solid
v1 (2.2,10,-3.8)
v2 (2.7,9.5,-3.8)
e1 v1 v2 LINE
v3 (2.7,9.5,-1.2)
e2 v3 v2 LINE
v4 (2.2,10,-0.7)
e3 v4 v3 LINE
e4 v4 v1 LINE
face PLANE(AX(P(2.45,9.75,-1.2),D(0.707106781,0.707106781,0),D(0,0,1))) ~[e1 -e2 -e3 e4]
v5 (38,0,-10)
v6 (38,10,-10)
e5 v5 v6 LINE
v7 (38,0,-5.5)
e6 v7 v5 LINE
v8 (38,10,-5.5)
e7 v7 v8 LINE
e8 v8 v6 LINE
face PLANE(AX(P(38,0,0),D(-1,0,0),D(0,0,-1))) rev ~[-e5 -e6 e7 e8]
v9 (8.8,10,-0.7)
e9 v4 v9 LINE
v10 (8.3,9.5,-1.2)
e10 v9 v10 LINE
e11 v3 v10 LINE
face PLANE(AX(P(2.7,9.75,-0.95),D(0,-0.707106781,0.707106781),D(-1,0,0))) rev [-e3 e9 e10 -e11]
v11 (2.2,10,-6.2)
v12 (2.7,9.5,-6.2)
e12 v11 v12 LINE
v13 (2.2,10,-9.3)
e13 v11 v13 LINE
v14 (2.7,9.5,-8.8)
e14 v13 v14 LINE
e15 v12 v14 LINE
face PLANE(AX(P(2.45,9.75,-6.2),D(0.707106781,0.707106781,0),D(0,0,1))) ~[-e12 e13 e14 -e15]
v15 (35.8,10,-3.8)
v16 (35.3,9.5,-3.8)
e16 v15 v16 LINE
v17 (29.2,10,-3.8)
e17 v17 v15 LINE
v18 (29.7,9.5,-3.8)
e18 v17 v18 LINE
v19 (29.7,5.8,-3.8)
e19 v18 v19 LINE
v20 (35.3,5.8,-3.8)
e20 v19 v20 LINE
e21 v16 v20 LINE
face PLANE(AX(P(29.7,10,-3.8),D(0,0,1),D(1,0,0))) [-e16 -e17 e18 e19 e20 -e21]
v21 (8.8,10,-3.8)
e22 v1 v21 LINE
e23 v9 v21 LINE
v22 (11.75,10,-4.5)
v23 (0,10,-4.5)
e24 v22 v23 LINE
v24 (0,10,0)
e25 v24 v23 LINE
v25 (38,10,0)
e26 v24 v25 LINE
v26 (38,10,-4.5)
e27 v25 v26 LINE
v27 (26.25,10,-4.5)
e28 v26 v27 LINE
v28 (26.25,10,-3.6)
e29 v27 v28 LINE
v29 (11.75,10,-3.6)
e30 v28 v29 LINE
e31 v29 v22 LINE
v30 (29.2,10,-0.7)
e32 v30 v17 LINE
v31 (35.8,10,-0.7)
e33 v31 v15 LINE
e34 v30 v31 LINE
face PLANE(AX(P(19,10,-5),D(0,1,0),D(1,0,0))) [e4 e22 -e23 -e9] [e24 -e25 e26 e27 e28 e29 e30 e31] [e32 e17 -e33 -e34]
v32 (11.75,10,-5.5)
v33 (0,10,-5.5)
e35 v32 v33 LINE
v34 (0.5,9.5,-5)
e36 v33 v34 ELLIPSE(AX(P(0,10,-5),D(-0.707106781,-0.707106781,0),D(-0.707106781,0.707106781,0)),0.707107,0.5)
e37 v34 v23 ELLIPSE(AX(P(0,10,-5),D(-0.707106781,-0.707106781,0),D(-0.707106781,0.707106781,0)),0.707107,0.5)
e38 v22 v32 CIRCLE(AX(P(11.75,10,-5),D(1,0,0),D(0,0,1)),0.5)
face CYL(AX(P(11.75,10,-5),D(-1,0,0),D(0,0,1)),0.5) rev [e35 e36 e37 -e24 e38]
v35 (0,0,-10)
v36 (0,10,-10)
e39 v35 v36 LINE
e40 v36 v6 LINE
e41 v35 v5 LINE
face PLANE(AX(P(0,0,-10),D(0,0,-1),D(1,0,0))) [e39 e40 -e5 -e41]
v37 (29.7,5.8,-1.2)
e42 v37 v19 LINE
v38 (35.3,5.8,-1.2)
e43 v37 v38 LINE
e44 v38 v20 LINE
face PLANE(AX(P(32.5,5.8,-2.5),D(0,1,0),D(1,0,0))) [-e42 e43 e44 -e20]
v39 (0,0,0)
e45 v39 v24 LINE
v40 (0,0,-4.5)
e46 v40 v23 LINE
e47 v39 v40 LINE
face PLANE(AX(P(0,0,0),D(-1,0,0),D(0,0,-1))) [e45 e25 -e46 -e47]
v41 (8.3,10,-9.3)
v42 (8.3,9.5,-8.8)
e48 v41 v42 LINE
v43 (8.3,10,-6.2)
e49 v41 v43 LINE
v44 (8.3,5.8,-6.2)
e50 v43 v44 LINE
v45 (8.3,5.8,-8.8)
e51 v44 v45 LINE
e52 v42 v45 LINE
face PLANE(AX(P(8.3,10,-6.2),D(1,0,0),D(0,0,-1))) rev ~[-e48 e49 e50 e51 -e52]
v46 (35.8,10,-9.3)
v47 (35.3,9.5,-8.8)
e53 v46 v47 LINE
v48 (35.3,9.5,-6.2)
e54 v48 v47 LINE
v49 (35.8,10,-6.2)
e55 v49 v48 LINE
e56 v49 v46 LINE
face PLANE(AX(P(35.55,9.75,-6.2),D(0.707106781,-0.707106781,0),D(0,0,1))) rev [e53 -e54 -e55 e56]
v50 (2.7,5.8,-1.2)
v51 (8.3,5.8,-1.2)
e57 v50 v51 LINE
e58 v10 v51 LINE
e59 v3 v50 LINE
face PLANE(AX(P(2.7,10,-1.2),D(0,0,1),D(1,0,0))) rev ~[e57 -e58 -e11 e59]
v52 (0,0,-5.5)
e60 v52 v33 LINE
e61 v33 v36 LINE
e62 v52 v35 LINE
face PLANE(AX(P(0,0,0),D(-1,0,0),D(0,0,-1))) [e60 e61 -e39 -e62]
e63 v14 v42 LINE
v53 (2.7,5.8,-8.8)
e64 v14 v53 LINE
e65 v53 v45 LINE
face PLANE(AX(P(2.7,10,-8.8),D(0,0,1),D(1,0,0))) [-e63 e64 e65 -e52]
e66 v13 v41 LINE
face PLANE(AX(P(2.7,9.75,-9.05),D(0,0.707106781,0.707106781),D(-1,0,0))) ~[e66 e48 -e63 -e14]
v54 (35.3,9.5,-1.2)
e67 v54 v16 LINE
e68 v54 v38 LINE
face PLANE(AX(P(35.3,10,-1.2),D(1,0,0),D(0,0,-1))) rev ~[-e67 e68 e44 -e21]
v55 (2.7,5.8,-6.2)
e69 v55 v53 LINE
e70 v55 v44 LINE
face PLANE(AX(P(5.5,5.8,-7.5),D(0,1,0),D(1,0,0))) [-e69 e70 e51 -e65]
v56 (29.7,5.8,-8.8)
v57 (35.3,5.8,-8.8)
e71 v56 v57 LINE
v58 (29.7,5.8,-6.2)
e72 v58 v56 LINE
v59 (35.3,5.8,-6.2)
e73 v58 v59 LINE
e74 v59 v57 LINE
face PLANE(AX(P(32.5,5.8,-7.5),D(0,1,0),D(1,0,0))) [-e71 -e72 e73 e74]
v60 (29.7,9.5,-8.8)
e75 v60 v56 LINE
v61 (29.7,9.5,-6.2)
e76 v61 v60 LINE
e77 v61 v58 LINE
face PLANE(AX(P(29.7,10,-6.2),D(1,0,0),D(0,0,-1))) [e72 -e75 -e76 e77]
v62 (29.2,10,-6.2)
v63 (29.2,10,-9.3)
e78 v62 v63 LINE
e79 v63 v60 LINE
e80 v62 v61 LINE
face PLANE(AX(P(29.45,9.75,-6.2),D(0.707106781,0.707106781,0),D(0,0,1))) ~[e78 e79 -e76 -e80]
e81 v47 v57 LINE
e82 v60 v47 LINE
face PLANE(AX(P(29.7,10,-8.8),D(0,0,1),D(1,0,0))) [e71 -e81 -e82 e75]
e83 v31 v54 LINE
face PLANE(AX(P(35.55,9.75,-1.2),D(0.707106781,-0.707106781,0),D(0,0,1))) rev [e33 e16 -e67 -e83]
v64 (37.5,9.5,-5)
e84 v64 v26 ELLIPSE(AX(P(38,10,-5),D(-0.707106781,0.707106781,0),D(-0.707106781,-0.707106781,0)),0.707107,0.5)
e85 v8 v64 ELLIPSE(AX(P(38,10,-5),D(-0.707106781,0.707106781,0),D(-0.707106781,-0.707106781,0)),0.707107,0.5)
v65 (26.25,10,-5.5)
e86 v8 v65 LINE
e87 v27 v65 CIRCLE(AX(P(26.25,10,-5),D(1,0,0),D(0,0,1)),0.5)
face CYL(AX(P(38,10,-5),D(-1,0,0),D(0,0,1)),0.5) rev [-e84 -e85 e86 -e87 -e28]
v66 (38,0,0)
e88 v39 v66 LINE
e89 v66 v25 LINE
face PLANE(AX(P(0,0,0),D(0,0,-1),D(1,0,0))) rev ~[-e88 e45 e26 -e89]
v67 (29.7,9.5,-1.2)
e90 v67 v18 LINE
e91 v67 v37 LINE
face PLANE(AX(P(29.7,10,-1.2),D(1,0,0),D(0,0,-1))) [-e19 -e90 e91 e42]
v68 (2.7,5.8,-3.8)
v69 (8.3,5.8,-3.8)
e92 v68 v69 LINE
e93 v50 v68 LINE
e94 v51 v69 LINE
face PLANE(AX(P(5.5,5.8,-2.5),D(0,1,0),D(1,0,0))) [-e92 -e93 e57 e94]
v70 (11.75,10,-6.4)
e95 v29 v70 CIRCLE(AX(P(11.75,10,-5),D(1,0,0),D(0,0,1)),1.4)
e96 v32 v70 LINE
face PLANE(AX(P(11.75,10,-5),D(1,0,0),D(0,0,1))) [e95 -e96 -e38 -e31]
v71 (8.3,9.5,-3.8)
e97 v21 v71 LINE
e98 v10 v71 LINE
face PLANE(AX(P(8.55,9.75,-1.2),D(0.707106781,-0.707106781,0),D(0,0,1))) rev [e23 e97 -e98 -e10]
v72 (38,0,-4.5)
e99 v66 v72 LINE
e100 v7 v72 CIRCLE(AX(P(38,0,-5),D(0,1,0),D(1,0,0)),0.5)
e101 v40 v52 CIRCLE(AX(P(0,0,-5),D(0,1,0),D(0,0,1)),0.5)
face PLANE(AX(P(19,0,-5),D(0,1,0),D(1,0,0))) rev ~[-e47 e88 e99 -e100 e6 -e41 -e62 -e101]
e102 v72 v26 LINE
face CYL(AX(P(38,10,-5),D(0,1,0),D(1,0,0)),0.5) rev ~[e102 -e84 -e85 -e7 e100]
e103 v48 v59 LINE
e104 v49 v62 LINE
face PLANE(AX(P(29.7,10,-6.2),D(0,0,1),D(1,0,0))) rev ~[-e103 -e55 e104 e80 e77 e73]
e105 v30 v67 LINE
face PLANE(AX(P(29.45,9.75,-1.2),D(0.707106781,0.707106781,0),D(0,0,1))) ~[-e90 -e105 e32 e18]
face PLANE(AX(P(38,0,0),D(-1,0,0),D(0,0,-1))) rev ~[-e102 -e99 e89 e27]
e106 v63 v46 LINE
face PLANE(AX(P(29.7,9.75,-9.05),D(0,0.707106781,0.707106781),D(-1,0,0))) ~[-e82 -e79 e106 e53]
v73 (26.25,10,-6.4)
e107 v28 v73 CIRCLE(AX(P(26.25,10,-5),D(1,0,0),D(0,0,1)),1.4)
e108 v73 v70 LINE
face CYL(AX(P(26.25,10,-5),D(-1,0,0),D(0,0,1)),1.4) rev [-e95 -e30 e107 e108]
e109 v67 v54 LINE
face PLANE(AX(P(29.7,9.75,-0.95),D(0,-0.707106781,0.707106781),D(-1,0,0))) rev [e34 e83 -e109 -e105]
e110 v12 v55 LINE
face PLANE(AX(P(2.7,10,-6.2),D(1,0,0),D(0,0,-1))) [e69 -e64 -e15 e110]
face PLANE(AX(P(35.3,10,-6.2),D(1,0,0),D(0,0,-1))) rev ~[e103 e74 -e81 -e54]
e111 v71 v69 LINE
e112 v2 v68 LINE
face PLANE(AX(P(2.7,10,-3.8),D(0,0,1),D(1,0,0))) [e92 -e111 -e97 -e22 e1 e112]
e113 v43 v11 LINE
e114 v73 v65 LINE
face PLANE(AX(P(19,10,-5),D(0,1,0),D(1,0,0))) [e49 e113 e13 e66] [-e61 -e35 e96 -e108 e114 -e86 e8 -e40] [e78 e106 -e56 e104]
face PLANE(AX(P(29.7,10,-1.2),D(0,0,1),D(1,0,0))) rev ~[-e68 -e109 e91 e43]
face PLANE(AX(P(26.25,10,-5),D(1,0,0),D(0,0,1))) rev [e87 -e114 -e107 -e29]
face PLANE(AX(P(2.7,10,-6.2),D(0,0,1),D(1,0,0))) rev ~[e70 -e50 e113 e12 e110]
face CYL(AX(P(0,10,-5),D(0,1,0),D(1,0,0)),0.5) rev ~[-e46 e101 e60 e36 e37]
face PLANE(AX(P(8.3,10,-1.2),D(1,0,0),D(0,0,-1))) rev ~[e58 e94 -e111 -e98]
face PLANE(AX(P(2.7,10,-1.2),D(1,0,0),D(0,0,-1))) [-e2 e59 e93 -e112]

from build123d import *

# Parameters (mm, degrees)
SKETCH1_W           = 38
SKETCH1_H           = 10
BOSS_EXTRUDE1_DEPTH = 10
SKETCH3_R           = 0.5
CUT_EXTRUDE1_DEPTH  = 41.546269865
SKETCH4_W           = 5.6
SKETCH4_H           = 2.6
CUT_EXTRUDE2_DEPTH  = 4.2
CHAMFER1_SIZE       = 0.5


with BuildPart() as part:
    # Sketch1 → Boss-Extrude1 (new body)
    with BuildSketch(Plane(origin=(0, 0, 0), x_dir=(1, 0, 0), z_dir=(0, 1, 0))):
        with Locations((19, 5)):
            Rectangle(SKETCH1_W, SKETCH1_H)
    extrude(amount=BOSS_EXTRUDE1_DEPTH)

    # Sketch2 → Cut-Revolve1 (revolve, cut)
    with BuildSketch(Plane(origin=(0, 10, 0), x_dir=(1, 0, 0), z_dir=(0, 1, 0))):
        Polygon((0, 5), (38, 5), (38, 4.5), (26.25, 4.5), (26.25, 3.6), (11.75, 3.6), (11.75, 4.5), (0, 4.5), align=None)
    revolve(axis=Axis((0, 10, -5), (1, 0, 0)), mode=Mode.SUBTRACT)

    # Sketch3 → Cut-Extrude1 (cut, through all)
    with BuildSketch(Plane(origin=(0, 10, 0), x_dir=(1, 0, 0), z_dir=(0, 1, 0))):
        with Locations((0, 5)):
            Circle(SKETCH3_R)
        with Locations((38, 5)):
            Circle(SKETCH3_R)
    extrude(amount=-CUT_EXTRUDE1_DEPTH, mode=Mode.SUBTRACT)

    # Sketch4 → Cut-Extrude2 (cut)
    with BuildSketch(Plane(origin=(0, 10, 0), x_dir=(1, 0, 0), z_dir=(0, 1, 0))):
        with Locations((5.5, 7.5)):
            Rectangle(SKETCH4_W, SKETCH4_H)
        with Locations((5.5, 2.5)):
            Rectangle(SKETCH4_W, SKETCH4_H)
        with Locations((32.5, 7.5)):
            Rectangle(SKETCH4_W, SKETCH4_H)
        with Locations((32.5, 2.5)):
            Rectangle(SKETCH4_W, SKETCH4_H)
    extrude(amount=-CUT_EXTRUDE2_DEPTH, mode=Mode.SUBTRACT)

    # Chamfer1
    chamfer1_edges = [part.edges().sort_by_distance(p)[0] for p in [
        (35.3, 10, -2.5),
        (32.5, 10, -1.2),
        (29.7, 10, -2.5),
        (35.3, 10, -7.5),
        (29.7, 10, -7.5),
        (32.5, 10, -8.8),
        (8.3, 10, -2.5),
        (5.5, 10, -1.2),
        (2.7, 10, -2.5),
        (2.7, 10, -7.5),
        (5.5, 10, -8.8),
    ]]
    chamfer(chamfer1_edges, length=CHAMFER1_SIZE)


solid = part.part
